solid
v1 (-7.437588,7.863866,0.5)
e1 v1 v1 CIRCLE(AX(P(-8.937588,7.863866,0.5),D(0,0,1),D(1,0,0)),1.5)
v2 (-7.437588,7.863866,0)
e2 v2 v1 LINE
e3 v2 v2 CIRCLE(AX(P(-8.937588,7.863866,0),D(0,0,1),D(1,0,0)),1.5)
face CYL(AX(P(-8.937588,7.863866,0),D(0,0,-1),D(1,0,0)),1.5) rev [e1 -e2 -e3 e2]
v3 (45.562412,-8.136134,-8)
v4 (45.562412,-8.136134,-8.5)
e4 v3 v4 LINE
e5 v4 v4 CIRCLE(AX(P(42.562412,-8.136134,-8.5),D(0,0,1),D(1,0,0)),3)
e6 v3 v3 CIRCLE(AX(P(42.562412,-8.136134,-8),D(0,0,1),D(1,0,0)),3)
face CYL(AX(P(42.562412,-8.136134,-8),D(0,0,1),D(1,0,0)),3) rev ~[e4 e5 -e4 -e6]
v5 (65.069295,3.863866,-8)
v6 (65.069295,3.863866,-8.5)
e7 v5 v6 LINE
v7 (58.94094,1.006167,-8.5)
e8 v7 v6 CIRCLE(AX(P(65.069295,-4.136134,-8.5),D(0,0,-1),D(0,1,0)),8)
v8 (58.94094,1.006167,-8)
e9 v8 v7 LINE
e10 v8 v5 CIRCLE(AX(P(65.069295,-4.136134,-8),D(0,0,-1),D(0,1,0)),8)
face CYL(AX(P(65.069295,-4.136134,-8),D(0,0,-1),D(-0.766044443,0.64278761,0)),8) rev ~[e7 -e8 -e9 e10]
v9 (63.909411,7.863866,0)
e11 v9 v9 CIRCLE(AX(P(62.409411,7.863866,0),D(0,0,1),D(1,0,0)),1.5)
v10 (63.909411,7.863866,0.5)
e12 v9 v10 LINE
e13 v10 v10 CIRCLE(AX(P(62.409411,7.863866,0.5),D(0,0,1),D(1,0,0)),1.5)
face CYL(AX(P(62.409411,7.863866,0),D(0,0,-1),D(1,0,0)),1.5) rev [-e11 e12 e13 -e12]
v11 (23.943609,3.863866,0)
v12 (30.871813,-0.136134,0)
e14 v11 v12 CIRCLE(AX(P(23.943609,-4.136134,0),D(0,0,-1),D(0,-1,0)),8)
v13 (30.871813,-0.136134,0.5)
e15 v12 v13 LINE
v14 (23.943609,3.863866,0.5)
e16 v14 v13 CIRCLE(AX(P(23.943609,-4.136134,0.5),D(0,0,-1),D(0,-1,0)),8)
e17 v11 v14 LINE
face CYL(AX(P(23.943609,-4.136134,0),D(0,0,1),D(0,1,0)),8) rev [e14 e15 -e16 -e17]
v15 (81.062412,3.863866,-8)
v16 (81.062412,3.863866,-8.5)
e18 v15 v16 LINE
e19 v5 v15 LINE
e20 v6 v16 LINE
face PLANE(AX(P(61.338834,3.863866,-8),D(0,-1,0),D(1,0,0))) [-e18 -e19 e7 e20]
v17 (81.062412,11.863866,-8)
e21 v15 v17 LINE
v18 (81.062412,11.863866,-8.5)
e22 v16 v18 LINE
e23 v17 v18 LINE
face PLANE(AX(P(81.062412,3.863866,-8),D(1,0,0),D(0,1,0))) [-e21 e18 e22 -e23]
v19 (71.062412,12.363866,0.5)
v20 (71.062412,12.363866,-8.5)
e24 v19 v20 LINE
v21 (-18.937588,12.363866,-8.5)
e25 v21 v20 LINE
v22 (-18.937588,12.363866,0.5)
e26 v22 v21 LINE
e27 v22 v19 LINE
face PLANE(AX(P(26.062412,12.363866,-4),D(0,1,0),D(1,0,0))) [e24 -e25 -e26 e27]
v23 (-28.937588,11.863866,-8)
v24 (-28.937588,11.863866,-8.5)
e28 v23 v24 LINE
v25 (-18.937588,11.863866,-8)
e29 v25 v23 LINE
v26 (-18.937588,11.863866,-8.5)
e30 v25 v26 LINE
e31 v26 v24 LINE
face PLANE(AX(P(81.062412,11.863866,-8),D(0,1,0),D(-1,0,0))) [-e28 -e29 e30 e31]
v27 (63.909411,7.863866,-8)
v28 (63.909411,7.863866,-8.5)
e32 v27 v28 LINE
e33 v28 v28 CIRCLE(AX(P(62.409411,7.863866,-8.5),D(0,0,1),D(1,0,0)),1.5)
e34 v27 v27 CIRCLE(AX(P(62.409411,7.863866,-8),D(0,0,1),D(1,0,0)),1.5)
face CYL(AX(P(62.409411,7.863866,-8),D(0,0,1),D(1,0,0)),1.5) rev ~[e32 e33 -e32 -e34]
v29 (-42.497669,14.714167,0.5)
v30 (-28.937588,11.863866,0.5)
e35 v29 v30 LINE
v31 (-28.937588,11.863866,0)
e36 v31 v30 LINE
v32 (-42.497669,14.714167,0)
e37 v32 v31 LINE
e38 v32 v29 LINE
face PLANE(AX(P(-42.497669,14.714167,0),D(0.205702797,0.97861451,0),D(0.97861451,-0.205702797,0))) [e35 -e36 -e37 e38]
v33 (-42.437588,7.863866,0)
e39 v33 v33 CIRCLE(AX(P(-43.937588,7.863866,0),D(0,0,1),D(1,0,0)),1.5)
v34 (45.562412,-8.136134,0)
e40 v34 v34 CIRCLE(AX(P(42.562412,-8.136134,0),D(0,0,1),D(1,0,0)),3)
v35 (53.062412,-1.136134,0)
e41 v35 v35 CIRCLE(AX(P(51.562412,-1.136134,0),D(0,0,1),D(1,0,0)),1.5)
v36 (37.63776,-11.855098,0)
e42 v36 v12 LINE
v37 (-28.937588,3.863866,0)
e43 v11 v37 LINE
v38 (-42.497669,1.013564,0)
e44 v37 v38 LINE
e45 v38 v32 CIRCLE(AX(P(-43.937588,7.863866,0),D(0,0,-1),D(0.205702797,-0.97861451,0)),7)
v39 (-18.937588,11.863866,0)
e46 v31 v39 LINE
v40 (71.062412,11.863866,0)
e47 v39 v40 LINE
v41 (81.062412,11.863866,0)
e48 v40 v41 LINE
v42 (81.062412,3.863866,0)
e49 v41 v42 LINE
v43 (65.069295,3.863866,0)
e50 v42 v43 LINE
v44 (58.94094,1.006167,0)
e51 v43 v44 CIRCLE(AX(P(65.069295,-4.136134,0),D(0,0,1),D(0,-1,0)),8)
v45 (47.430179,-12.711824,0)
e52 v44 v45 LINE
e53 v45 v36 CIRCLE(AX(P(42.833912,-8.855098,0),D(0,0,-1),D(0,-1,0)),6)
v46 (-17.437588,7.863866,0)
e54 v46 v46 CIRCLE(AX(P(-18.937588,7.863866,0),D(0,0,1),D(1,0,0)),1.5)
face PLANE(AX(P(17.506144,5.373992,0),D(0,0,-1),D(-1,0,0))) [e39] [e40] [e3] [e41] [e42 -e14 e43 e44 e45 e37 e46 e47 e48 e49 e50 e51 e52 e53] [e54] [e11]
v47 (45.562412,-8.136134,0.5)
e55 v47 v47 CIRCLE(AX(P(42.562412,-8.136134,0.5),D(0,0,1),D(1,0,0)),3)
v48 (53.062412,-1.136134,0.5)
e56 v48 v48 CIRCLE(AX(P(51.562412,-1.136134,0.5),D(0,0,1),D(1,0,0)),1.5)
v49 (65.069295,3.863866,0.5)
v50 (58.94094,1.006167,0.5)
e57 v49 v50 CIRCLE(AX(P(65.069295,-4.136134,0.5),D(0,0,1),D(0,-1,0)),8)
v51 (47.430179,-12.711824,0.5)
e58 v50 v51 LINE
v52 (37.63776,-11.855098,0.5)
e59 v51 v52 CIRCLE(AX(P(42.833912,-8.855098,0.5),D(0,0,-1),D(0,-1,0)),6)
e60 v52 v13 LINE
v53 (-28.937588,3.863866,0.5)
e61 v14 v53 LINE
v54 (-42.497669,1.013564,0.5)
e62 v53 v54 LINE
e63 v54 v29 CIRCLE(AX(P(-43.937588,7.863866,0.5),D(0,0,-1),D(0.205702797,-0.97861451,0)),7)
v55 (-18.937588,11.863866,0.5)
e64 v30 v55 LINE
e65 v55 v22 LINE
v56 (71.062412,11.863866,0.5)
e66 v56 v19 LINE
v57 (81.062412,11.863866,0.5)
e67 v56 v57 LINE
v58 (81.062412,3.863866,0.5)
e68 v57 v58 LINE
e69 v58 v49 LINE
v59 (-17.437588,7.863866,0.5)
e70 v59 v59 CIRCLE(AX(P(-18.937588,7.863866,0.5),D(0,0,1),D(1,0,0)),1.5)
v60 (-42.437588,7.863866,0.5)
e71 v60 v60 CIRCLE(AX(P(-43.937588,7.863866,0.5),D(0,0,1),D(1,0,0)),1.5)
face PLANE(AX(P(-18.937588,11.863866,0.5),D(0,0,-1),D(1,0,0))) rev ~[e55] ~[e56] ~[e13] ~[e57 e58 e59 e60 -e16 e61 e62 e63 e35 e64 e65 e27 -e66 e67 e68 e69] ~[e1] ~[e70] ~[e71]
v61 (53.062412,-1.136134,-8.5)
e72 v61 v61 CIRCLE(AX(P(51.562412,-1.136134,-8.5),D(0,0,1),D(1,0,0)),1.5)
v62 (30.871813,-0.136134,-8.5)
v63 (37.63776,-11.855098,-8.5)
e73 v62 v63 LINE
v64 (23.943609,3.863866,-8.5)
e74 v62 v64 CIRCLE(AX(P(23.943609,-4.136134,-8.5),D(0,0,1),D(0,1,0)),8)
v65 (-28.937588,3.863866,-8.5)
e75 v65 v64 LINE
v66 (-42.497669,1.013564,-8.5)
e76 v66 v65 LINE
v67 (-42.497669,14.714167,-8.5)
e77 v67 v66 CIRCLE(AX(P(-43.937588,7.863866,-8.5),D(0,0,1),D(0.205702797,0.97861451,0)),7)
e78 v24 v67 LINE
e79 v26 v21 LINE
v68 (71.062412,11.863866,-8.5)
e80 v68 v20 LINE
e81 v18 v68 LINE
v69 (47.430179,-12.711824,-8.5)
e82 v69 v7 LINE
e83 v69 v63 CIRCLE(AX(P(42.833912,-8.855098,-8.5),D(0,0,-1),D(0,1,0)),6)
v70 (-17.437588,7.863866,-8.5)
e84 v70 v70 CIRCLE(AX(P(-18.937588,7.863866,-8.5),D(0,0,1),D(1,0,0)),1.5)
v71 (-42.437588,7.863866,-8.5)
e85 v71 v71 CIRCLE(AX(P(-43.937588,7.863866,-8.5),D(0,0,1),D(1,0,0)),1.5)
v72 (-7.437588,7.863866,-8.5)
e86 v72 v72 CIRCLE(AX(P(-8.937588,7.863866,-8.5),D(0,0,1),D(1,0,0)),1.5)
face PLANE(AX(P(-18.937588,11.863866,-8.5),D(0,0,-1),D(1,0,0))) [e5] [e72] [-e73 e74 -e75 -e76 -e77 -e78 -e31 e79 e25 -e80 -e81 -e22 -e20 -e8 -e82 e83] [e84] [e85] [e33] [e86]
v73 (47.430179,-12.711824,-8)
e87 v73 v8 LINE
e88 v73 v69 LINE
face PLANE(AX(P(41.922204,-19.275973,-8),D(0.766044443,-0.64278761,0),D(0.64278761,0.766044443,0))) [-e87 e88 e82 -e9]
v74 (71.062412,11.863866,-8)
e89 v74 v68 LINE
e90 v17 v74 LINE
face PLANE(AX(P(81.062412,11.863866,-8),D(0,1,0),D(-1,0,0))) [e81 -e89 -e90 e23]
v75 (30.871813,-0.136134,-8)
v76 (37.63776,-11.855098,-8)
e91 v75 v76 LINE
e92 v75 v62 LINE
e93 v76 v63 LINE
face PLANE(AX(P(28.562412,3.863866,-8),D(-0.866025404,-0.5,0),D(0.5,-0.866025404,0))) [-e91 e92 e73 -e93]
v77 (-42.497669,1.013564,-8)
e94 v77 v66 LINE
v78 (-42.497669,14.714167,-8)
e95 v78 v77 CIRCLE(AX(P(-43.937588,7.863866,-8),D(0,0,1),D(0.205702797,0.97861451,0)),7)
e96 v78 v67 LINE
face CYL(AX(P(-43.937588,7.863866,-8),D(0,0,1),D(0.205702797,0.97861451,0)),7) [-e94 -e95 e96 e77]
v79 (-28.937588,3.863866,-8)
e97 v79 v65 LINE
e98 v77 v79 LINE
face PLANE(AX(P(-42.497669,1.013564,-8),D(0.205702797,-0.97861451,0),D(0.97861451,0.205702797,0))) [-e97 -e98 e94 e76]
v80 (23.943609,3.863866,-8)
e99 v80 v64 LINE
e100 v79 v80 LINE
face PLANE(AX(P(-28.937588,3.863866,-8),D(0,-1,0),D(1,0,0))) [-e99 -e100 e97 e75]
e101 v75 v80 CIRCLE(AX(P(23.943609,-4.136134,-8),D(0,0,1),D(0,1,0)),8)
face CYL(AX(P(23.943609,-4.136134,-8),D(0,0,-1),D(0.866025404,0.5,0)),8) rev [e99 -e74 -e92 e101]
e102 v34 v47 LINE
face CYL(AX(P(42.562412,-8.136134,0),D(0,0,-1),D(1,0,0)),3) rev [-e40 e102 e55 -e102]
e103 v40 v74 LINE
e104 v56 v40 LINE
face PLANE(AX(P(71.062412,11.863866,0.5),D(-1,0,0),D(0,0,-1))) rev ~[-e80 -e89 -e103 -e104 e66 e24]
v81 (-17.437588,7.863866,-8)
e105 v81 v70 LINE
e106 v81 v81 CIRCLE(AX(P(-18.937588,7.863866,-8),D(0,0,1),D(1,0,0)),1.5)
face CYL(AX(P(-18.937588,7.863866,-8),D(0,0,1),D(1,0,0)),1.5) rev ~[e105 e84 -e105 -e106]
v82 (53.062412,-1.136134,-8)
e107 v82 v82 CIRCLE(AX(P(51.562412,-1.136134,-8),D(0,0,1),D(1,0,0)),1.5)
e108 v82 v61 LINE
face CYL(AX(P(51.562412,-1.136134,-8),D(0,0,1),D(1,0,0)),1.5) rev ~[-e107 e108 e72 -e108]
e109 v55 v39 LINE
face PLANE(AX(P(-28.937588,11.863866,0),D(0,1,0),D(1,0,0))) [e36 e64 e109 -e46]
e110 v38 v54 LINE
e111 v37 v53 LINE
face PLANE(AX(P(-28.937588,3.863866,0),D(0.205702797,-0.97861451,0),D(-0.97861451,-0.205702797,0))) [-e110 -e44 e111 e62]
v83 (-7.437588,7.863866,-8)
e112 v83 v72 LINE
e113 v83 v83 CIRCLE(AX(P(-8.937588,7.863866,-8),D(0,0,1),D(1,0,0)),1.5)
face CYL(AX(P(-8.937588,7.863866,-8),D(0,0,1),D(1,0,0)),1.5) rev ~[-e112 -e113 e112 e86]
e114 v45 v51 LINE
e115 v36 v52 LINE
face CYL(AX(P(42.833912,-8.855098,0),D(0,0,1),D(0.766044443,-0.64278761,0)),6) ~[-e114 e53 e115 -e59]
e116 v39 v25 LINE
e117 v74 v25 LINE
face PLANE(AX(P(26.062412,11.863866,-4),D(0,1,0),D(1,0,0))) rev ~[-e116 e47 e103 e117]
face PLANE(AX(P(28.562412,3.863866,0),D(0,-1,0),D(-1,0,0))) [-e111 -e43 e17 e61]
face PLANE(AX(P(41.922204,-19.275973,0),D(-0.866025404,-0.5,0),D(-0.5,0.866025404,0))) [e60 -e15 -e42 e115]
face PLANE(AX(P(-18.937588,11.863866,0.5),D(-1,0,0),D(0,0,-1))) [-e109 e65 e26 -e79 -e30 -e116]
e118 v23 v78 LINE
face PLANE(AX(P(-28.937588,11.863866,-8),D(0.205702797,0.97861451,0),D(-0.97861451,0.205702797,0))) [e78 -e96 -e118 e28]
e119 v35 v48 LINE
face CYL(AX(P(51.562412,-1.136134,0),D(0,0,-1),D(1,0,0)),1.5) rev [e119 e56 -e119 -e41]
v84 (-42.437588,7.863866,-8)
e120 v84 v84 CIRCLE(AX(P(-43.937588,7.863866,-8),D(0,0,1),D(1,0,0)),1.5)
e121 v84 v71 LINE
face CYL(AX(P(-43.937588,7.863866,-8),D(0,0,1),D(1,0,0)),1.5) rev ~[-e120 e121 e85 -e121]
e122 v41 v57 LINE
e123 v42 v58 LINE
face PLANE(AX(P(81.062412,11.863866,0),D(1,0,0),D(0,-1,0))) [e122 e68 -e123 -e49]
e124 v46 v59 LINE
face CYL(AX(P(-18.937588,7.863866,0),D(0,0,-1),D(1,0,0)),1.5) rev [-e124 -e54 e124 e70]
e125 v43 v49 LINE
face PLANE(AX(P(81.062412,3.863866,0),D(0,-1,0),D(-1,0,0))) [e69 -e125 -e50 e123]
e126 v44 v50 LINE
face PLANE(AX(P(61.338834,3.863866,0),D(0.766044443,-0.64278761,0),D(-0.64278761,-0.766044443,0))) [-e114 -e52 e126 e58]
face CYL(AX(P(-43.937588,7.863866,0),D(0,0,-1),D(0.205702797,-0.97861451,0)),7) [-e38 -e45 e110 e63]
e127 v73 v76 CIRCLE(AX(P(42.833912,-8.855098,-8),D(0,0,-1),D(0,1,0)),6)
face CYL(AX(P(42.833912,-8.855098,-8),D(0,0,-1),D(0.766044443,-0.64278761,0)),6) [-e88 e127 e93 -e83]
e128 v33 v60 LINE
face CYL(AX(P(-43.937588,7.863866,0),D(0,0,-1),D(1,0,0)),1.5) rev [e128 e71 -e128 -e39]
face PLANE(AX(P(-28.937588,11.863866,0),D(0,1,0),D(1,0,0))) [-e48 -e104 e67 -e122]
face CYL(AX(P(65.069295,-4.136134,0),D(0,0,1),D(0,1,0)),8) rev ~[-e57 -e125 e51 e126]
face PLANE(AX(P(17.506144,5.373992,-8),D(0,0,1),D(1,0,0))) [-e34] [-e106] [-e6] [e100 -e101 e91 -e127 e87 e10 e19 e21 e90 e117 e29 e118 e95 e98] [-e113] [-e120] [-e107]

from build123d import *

# Parameters (mm, degrees)
SKETCH_1_R      = 1.5
SKETCH_1_R_2    = 3
EXTRUDE_1_DEPTH = 0.5
SKETCH_3_R      = 1.5
SKETCH_3_R_2    = 3
EXTRUDE_2_DEPTH = 0.5
SKETCH_4_W      = 90
SKETCH_4_H      = 9
EXTRUDE_3_DEPTH = 0.5
FILLET_1_R      = 8
FILLET_2_R      = 6


with BuildPart() as part:
    # 草图1 → 凸台-拉伸1 (new body)
    with BuildSketch(Plane.XY):
        with BuildLine():
            Line((-28.937588447, 11.863865809), (81.062411553, 11.863865809))
            Line((81.062411553, 11.863865809), (81.062411553, 3.863865809))
            Line((81.062411553, 3.863865809), (61.338833841, 3.863865809))
            Line((61.338833841, 3.863865809), (41.922203683, -19.275972939))
            Line((41.922203683, -19.275972939), (28.562411553, 3.863865809))
            Line((28.562411553, 3.863865809), (-28.937588447, 3.863865809))
            Line((-28.937588447, 3.863865809), (-42.497668866, 1.013564239))
            ThreePointArc((-42.497668866, 1.013564239), (-50.937588447, 7.863865809), (-42.497668866, 14.714167379))
            Line((-42.497668866, 14.714167379), (-28.937588447, 11.863865809))
        make_face()
        with Locations((-43.937588447, 7.863865809)):
            Circle(SKETCH_1_R, mode=Mode.SUBTRACT)
        with Locations((42.562411553, -8.136134191)):
            Circle(SKETCH_1_R_2, mode=Mode.SUBTRACT)
        with Locations((51.562411553, -1.136134191)):
            Circle(SKETCH_1_R, mode=Mode.SUBTRACT)
        with Locations((-18.937588447, 7.863865809)):
            Circle(SKETCH_1_R, mode=Mode.SUBTRACT)
        with Locations((-8.937588447, 7.863865809)):
            Circle(SKETCH_1_R, mode=Mode.SUBTRACT)
        with Locations((62.409410938, 7.863865809)):
            Circle(SKETCH_1_R, mode=Mode.SUBTRACT)
    extrude(amount=EXTRUDE_1_DEPTH)



with BuildPart() as body_2:
    # 草图3 → 凸台-拉伸2 (new body)
    with BuildSketch(Plane.XY.offset(-8)):
        with BuildLine():
            Line((41.922203683, -19.275972939), (61.338833841, 3.863865809))
            Line((61.338833841, 3.863865809), (81.062411553, 3.863865809))
            Line((81.062411553, 3.863865809), (81.062411553, 11.863865809))
            Line((81.062411553, 11.863865809), (-28.937588447, 11.863865809))
            Line((-28.937588447, 11.863865809), (-42.497668866, 14.714167379))
            ThreePointArc((-42.497668866, 14.714167379), (-50.937588447, 7.863865809), (-42.497668866, 1.013564239))
            Line((-42.497668866, 1.013564239), (-28.937588447, 3.863865809))
            Line((-28.937588447, 3.863865809), (28.562411553, 3.863865809))
            Line((28.562411553, 3.863865809), (41.922203683, -19.275972939))
        make_face()
        with Locations((51.562411553, -1.136134191)):
            Circle(SKETCH_3_R, mode=Mode.SUBTRACT)
        with Locations((42.562411553, -8.136134191)):
            Circle(SKETCH_3_R_2, mode=Mode.SUBTRACT)
        with Locations((-43.937588447, 7.863865809)):
            Circle(SKETCH_3_R, mode=Mode.SUBTRACT)
        with Locations((62.409410938, 7.863865809)):
            Circle(SKETCH_3_R, mode=Mode.SUBTRACT)
        with Locations((-8.937588447, 7.863865809)):
            Circle(SKETCH_3_R, mode=Mode.SUBTRACT)
        with Locations((-18.937588447, 7.863865809)):
            Circle(SKETCH_3_R, mode=Mode.SUBTRACT)
    extrude(amount=-EXTRUDE_2_DEPTH)


with BuildPart() as part_1:
    add(part.part)

    add(body_2.part)  # 凸台-拉伸3 merges body 2
    # 草图4 → 凸台-拉伸3 (add)
    with BuildSketch(Plane(origin=(0, 11.863865809, 0), x_dir=(1, 0, 0), z_dir=(0, 1, 0))):
        with Locations((26.062411553, 4)):
            Rectangle(SKETCH_4_W, SKETCH_4_H)
    extrude(amount=EXTRUDE_3_DEPTH)

    # 圆角1
    fillet_1_edges = [part_1.edges().sort_by_distance(p)[0] for p in [
        (61.338833841, 3.863865809, 0.25),
        (28.562411553, 3.863865809, 0.25),
        (28.562411553, 3.863865809, -8.25),
        (61.338833841, 3.863865809, -8.25),
    ]]
    fillet(fillet_1_edges, radius=FILLET_1_R)

    # 圆角2
    fillet_2_edges = [part_1.edges().sort_by_distance(p)[0] for p in [
        (41.922203683, -19.275972939, 0.25),
        (41.922203683, -19.275972939, -8.25),
    ]]
    fillet(fillet_2_edges, radius=FILLET_2_R)


solid = part_1.part
